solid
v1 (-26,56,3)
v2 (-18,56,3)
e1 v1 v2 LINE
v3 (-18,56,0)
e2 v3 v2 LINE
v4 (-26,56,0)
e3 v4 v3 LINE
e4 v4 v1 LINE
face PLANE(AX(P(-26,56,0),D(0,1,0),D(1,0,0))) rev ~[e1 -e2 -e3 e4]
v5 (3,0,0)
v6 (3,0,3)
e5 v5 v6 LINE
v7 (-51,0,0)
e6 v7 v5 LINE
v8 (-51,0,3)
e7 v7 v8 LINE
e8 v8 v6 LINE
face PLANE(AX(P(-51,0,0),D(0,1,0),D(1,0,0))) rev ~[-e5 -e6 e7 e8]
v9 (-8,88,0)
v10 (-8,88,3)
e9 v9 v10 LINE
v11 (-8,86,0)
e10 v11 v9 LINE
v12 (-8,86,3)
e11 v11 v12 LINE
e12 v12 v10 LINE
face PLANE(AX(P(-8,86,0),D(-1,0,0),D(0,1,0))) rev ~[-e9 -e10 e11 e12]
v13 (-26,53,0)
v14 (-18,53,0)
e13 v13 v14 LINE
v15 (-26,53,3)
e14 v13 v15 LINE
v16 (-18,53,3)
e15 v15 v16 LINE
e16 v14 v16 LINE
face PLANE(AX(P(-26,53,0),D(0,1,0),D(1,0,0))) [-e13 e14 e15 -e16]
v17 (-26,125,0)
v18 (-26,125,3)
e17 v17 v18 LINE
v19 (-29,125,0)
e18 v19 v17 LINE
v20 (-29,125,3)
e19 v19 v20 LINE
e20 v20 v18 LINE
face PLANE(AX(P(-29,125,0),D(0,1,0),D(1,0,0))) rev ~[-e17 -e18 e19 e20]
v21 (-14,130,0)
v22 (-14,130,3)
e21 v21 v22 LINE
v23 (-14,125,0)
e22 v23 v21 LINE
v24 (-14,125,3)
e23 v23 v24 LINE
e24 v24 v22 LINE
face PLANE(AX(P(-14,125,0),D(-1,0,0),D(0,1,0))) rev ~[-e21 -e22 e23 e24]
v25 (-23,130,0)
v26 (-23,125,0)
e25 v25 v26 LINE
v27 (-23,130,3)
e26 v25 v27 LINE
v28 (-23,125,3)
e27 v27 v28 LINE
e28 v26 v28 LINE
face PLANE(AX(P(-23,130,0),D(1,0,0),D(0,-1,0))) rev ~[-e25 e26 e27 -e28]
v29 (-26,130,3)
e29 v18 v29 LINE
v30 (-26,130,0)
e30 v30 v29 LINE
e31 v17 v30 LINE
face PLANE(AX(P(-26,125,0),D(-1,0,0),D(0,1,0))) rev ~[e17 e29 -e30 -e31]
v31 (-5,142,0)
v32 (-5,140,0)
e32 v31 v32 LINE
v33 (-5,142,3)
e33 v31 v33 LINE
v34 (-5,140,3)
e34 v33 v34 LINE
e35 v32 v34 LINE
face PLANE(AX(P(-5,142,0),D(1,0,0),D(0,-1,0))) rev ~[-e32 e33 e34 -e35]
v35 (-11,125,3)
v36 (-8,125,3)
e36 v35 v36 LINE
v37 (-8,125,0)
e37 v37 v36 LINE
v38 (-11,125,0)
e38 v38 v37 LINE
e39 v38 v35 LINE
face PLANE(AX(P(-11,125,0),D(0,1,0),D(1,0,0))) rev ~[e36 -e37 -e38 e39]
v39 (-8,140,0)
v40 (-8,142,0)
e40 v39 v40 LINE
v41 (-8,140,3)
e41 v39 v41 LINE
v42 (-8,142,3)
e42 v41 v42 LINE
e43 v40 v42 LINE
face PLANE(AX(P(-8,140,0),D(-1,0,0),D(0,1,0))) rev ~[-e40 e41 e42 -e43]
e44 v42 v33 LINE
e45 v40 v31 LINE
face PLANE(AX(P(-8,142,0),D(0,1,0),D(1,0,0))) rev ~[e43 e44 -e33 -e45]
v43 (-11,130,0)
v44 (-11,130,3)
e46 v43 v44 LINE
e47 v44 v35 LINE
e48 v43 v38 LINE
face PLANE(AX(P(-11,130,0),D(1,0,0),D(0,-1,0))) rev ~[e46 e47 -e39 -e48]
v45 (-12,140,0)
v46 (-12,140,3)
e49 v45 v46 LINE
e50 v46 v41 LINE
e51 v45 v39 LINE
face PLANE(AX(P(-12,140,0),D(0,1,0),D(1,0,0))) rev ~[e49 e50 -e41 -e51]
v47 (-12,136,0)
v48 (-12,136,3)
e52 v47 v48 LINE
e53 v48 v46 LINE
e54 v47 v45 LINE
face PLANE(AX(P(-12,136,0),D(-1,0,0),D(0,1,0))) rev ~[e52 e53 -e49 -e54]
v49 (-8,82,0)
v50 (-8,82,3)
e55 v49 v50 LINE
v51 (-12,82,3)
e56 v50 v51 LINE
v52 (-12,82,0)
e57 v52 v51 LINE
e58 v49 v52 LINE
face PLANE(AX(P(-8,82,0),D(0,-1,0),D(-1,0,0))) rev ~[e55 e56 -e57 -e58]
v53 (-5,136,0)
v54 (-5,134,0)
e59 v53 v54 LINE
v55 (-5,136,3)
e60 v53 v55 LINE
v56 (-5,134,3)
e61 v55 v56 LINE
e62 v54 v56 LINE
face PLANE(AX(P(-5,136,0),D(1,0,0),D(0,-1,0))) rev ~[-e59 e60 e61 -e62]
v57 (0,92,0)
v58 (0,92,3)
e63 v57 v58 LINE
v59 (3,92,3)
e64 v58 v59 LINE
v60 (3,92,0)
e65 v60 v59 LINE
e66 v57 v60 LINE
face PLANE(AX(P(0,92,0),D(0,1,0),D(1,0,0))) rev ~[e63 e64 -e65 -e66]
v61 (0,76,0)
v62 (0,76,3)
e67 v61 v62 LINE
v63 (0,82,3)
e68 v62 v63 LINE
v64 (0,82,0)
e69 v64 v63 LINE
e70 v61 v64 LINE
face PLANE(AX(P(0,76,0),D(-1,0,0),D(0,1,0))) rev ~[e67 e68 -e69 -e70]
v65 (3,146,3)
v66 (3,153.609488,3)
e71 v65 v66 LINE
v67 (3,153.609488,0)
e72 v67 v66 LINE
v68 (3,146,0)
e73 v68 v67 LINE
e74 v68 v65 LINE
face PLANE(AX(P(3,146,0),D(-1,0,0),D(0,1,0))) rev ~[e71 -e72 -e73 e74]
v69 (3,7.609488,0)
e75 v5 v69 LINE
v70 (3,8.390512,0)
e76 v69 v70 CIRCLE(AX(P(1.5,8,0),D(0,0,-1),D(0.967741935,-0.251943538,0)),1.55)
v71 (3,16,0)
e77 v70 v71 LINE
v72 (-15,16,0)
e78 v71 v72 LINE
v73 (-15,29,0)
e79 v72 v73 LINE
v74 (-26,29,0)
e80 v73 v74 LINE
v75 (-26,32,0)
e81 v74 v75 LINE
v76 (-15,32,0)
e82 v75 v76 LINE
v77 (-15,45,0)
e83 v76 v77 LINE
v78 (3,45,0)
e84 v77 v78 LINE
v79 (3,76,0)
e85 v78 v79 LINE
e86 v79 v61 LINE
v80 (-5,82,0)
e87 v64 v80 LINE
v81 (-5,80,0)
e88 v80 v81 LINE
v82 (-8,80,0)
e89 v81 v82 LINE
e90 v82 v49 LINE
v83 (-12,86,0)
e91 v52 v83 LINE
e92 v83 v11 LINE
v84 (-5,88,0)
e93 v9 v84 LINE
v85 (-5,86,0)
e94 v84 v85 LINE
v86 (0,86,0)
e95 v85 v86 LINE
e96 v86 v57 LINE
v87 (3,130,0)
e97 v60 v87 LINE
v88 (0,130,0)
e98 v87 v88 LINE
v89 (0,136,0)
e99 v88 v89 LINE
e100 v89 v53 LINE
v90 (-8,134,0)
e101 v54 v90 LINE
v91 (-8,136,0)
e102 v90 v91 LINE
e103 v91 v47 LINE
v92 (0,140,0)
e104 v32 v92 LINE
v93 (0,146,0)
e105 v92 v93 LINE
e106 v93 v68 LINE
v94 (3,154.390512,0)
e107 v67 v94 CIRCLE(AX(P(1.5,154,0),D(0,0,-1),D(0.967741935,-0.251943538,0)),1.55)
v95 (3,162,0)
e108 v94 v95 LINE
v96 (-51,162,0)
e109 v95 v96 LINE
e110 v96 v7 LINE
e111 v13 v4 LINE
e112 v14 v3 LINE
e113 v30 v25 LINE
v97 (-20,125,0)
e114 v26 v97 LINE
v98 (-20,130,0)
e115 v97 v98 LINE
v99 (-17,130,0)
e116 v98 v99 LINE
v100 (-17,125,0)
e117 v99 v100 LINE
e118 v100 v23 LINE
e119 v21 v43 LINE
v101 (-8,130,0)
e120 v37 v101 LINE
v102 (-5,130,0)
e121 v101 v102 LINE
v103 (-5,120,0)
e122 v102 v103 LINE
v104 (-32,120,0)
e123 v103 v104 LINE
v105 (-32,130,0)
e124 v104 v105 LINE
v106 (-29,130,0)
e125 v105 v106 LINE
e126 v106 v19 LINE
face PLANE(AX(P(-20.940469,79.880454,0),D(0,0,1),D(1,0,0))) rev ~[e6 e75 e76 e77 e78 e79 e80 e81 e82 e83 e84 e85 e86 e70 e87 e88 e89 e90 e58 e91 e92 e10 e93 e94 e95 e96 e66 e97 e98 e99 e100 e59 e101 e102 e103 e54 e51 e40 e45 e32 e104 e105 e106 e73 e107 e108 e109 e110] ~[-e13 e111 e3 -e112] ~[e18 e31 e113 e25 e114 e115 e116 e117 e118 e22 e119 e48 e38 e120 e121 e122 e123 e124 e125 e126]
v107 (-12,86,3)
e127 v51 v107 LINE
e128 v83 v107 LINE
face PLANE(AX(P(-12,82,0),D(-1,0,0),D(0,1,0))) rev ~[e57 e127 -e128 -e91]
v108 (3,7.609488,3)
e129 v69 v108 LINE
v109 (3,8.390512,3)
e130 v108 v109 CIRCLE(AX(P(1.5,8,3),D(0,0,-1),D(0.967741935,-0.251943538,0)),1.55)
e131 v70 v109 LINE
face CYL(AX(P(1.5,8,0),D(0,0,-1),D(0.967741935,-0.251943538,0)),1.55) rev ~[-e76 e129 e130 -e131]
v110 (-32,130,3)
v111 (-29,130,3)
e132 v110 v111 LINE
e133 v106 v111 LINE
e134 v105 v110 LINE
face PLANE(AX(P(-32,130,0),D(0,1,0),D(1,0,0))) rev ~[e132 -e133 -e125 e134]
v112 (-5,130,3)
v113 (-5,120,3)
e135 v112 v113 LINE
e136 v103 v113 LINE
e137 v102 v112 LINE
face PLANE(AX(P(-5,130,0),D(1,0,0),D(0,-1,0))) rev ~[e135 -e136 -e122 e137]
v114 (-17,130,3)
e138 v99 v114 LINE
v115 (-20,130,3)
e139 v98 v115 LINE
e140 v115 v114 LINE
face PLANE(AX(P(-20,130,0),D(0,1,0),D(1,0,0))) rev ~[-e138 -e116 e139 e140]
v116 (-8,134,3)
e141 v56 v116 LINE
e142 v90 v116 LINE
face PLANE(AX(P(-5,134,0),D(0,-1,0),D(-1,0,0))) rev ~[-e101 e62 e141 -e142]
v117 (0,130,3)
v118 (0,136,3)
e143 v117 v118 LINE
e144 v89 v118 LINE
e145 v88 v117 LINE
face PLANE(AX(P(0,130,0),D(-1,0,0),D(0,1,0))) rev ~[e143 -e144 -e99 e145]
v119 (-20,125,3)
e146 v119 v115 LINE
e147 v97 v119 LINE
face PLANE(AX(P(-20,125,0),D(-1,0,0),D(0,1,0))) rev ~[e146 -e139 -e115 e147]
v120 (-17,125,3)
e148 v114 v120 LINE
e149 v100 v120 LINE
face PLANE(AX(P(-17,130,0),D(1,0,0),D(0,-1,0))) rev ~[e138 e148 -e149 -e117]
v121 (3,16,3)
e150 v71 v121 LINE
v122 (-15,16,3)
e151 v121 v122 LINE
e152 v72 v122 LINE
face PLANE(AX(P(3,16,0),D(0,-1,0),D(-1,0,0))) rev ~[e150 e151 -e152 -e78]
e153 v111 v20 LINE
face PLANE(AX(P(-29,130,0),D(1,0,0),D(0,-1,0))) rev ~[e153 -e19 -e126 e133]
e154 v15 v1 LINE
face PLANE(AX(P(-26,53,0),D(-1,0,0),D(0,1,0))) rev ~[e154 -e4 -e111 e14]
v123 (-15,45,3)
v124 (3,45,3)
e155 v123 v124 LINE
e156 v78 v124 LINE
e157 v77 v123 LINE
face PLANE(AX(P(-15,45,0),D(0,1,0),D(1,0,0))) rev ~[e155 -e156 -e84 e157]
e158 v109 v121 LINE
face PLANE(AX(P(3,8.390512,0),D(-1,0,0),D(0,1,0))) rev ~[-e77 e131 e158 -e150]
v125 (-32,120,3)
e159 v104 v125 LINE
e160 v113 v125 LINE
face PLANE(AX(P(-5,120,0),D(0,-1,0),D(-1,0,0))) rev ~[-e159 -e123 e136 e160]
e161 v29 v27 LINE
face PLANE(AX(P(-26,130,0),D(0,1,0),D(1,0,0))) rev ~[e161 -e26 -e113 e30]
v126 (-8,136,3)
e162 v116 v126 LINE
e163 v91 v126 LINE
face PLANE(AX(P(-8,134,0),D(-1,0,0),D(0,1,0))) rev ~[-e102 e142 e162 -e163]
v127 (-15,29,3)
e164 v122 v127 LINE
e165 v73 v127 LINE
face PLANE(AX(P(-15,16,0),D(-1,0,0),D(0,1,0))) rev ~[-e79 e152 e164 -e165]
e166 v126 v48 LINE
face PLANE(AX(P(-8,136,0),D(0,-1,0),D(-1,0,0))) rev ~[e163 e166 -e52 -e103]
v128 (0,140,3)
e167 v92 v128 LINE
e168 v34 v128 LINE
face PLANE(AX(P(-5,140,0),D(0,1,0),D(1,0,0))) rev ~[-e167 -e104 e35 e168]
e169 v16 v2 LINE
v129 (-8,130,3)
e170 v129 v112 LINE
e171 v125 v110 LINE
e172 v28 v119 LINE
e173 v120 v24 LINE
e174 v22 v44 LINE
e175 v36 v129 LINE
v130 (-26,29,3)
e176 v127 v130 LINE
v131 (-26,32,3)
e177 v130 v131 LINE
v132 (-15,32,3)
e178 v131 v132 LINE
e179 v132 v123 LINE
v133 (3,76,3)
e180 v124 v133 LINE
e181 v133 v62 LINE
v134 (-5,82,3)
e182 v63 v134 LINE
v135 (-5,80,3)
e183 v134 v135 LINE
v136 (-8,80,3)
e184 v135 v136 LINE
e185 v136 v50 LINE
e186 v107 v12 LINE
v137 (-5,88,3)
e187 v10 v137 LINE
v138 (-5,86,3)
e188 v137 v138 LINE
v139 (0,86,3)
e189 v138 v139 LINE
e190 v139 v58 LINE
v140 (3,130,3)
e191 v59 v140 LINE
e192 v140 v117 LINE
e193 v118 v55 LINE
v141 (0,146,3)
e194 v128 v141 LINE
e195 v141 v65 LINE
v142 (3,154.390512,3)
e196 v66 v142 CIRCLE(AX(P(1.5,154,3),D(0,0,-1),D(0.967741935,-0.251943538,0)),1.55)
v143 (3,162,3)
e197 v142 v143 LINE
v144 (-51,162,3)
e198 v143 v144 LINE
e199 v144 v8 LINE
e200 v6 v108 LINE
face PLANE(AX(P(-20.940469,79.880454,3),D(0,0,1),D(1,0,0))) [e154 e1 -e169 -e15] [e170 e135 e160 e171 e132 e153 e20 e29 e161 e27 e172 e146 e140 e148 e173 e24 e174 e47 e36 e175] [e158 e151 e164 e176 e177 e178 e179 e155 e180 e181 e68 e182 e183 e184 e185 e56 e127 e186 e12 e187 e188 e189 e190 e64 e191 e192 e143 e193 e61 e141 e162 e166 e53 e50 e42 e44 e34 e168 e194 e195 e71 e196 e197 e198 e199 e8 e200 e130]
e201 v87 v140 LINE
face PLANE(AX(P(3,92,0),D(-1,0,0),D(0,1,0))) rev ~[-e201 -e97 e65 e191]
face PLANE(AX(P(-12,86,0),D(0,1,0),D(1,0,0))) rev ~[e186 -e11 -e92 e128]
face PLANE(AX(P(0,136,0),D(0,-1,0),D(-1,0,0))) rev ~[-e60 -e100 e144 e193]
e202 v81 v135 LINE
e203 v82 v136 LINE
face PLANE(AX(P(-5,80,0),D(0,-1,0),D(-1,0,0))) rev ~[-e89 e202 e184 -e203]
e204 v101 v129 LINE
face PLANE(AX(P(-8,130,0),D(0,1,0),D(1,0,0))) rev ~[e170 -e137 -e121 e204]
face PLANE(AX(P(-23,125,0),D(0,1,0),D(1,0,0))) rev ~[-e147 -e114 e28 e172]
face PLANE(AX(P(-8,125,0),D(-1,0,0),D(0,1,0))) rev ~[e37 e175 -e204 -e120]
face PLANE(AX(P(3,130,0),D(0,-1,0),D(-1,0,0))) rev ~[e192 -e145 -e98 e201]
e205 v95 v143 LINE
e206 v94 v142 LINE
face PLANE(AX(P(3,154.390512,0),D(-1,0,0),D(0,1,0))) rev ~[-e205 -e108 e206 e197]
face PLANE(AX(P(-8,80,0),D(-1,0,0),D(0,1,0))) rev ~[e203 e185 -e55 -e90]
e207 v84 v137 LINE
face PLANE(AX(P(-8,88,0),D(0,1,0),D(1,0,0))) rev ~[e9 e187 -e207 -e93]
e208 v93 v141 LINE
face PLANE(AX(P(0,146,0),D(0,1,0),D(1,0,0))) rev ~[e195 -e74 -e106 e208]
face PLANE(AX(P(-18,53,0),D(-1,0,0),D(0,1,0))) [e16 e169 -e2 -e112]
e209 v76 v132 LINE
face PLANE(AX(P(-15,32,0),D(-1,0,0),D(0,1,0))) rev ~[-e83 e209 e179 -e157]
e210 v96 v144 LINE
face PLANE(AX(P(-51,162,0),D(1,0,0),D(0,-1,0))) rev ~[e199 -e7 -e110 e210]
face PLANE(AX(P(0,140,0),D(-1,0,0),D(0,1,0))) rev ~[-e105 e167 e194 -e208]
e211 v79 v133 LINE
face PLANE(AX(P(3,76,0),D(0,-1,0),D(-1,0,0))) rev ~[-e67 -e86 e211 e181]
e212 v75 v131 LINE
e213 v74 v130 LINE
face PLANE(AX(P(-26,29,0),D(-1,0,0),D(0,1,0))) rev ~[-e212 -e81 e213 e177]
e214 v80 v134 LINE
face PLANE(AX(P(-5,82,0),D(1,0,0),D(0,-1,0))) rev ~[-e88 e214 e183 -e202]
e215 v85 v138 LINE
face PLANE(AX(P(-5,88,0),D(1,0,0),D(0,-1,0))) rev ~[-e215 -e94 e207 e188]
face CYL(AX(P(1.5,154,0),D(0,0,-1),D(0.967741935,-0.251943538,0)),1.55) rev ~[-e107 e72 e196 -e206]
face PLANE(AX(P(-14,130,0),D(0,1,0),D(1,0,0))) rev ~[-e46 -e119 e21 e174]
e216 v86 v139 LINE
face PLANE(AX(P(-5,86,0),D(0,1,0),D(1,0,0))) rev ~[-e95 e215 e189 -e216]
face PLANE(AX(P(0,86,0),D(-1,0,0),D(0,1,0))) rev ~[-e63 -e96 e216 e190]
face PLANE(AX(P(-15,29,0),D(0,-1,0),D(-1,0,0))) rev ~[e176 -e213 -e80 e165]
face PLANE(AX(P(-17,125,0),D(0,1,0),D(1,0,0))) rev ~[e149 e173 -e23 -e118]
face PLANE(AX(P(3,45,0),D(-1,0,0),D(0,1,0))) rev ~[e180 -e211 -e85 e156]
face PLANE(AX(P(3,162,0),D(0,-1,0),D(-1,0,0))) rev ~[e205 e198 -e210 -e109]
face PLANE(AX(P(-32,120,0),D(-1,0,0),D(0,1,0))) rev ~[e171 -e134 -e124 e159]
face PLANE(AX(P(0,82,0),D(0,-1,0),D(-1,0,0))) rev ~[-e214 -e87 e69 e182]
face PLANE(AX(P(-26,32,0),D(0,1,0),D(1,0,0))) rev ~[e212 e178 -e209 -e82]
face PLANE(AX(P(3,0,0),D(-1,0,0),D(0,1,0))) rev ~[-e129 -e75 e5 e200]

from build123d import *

# Parameters (mm, degrees)
SKETCH_1_W      = 8
SKETCH_1_H      = 3
EXTRUDE_1_DEPTH = 3


with BuildPart() as part:
    # 草图1 → 凸台-拉伸1 (new body)
    with BuildSketch(Plane.XY):
        with BuildLine():
            Line((0, 140), (0, 146))
            Line((0, 146), (3, 146))
            Line((3, 146), (3, 153.609487516))
            ThreePointArc((3, 153.609487516), (-0.05, 154), (3, 154.390512484))
            Line((3, 154.390512484), (3, 162))
            Line((3, 162), (0, 162))
            Line((0, 162), (-51, 162))
            Line((-51, 162), (-51, 0))
            Line((-51, 0), (0, 0))
            Line((0, 0), (3, 0))
            Line((3, 0), (3, 7.609487516))
            ThreePointArc((3, 7.609487516), (-0.05, 8), (3, 8.390512484))
            Line((3, 8.390512484), (3, 16))
            Line((3, 16), (0, 16))
            Line((0, 16), (-15, 16))
            Line((-15, 16), (-15, 29))
            Line((-15, 29), (-18, 29))
            Line((-18, 29), (-26, 29))
            Line((-26, 29), (-26, 32))
            Line((-26, 32), (-18, 32))
            Line((-18, 32), (-15, 32))
            Line((-15, 32), (-15, 45))
            Line((-15, 45), (0, 45))
            Line((0, 45), (3, 45))
            Line((3, 45), (3, 76))
            Line((3, 76), (0, 76))
            Line((0, 76), (0, 82))
            Line((0, 82), (-5, 82))
            Line((-5, 82), (-5, 80))
            Line((-5, 80), (-8, 80))
            Line((-8, 80), (-8, 82))
            Line((-8, 82), (-12, 82))
            Line((-12, 82), (-12, 86))
            Line((-12, 86), (-8, 86))
            Line((-8, 86), (-8, 88))
            Line((-8, 88), (-5, 88))
            Line((-5, 88), (-5, 86))
            Line((-5, 86), (0, 86))
            Line((0, 86), (0, 92))
            Line((0, 92), (3, 92))
            Line((3, 92), (3, 130))
            Line((3, 130), (0, 130))
            Line((0, 130), (0, 136))
            Line((0, 136), (-5, 136))
            Line((-5, 136), (-5, 134))
            Line((-5, 134), (-8, 134))
            Line((-8, 134), (-8, 136))
            Line((-8, 136), (-12, 136))
            Line((-12, 136), (-12, 140))
            Line((-12, 140), (-8, 140))
            Line((-8, 140), (-8, 142))
            Line((-8, 142), (-5, 142))
            Line((-5, 142), (-5, 140))
            Line((-5, 140), (0, 140))
        make_face()
        with Locations((-22, 54.5)):
            Rectangle(SKETCH_1_W, SKETCH_1_H, mode=Mode.SUBTRACT)
        Polygon((-11, 125), (-8, 125), (-8, 130), (-5, 130), (-5, 120), (-32, 120), (-32, 130), (-29, 130), (-29, 125), (-26, 125), (-26, 130), (-23, 130), (-23, 125), (-20, 125), (-20, 130), (-17, 130), (-17, 125), (-14, 125), (-14, 130), (-11, 130), align=None, mode=Mode.SUBTRACT)
    extrude(amount=EXTRUDE_1_DEPTH)


solid = part.part
